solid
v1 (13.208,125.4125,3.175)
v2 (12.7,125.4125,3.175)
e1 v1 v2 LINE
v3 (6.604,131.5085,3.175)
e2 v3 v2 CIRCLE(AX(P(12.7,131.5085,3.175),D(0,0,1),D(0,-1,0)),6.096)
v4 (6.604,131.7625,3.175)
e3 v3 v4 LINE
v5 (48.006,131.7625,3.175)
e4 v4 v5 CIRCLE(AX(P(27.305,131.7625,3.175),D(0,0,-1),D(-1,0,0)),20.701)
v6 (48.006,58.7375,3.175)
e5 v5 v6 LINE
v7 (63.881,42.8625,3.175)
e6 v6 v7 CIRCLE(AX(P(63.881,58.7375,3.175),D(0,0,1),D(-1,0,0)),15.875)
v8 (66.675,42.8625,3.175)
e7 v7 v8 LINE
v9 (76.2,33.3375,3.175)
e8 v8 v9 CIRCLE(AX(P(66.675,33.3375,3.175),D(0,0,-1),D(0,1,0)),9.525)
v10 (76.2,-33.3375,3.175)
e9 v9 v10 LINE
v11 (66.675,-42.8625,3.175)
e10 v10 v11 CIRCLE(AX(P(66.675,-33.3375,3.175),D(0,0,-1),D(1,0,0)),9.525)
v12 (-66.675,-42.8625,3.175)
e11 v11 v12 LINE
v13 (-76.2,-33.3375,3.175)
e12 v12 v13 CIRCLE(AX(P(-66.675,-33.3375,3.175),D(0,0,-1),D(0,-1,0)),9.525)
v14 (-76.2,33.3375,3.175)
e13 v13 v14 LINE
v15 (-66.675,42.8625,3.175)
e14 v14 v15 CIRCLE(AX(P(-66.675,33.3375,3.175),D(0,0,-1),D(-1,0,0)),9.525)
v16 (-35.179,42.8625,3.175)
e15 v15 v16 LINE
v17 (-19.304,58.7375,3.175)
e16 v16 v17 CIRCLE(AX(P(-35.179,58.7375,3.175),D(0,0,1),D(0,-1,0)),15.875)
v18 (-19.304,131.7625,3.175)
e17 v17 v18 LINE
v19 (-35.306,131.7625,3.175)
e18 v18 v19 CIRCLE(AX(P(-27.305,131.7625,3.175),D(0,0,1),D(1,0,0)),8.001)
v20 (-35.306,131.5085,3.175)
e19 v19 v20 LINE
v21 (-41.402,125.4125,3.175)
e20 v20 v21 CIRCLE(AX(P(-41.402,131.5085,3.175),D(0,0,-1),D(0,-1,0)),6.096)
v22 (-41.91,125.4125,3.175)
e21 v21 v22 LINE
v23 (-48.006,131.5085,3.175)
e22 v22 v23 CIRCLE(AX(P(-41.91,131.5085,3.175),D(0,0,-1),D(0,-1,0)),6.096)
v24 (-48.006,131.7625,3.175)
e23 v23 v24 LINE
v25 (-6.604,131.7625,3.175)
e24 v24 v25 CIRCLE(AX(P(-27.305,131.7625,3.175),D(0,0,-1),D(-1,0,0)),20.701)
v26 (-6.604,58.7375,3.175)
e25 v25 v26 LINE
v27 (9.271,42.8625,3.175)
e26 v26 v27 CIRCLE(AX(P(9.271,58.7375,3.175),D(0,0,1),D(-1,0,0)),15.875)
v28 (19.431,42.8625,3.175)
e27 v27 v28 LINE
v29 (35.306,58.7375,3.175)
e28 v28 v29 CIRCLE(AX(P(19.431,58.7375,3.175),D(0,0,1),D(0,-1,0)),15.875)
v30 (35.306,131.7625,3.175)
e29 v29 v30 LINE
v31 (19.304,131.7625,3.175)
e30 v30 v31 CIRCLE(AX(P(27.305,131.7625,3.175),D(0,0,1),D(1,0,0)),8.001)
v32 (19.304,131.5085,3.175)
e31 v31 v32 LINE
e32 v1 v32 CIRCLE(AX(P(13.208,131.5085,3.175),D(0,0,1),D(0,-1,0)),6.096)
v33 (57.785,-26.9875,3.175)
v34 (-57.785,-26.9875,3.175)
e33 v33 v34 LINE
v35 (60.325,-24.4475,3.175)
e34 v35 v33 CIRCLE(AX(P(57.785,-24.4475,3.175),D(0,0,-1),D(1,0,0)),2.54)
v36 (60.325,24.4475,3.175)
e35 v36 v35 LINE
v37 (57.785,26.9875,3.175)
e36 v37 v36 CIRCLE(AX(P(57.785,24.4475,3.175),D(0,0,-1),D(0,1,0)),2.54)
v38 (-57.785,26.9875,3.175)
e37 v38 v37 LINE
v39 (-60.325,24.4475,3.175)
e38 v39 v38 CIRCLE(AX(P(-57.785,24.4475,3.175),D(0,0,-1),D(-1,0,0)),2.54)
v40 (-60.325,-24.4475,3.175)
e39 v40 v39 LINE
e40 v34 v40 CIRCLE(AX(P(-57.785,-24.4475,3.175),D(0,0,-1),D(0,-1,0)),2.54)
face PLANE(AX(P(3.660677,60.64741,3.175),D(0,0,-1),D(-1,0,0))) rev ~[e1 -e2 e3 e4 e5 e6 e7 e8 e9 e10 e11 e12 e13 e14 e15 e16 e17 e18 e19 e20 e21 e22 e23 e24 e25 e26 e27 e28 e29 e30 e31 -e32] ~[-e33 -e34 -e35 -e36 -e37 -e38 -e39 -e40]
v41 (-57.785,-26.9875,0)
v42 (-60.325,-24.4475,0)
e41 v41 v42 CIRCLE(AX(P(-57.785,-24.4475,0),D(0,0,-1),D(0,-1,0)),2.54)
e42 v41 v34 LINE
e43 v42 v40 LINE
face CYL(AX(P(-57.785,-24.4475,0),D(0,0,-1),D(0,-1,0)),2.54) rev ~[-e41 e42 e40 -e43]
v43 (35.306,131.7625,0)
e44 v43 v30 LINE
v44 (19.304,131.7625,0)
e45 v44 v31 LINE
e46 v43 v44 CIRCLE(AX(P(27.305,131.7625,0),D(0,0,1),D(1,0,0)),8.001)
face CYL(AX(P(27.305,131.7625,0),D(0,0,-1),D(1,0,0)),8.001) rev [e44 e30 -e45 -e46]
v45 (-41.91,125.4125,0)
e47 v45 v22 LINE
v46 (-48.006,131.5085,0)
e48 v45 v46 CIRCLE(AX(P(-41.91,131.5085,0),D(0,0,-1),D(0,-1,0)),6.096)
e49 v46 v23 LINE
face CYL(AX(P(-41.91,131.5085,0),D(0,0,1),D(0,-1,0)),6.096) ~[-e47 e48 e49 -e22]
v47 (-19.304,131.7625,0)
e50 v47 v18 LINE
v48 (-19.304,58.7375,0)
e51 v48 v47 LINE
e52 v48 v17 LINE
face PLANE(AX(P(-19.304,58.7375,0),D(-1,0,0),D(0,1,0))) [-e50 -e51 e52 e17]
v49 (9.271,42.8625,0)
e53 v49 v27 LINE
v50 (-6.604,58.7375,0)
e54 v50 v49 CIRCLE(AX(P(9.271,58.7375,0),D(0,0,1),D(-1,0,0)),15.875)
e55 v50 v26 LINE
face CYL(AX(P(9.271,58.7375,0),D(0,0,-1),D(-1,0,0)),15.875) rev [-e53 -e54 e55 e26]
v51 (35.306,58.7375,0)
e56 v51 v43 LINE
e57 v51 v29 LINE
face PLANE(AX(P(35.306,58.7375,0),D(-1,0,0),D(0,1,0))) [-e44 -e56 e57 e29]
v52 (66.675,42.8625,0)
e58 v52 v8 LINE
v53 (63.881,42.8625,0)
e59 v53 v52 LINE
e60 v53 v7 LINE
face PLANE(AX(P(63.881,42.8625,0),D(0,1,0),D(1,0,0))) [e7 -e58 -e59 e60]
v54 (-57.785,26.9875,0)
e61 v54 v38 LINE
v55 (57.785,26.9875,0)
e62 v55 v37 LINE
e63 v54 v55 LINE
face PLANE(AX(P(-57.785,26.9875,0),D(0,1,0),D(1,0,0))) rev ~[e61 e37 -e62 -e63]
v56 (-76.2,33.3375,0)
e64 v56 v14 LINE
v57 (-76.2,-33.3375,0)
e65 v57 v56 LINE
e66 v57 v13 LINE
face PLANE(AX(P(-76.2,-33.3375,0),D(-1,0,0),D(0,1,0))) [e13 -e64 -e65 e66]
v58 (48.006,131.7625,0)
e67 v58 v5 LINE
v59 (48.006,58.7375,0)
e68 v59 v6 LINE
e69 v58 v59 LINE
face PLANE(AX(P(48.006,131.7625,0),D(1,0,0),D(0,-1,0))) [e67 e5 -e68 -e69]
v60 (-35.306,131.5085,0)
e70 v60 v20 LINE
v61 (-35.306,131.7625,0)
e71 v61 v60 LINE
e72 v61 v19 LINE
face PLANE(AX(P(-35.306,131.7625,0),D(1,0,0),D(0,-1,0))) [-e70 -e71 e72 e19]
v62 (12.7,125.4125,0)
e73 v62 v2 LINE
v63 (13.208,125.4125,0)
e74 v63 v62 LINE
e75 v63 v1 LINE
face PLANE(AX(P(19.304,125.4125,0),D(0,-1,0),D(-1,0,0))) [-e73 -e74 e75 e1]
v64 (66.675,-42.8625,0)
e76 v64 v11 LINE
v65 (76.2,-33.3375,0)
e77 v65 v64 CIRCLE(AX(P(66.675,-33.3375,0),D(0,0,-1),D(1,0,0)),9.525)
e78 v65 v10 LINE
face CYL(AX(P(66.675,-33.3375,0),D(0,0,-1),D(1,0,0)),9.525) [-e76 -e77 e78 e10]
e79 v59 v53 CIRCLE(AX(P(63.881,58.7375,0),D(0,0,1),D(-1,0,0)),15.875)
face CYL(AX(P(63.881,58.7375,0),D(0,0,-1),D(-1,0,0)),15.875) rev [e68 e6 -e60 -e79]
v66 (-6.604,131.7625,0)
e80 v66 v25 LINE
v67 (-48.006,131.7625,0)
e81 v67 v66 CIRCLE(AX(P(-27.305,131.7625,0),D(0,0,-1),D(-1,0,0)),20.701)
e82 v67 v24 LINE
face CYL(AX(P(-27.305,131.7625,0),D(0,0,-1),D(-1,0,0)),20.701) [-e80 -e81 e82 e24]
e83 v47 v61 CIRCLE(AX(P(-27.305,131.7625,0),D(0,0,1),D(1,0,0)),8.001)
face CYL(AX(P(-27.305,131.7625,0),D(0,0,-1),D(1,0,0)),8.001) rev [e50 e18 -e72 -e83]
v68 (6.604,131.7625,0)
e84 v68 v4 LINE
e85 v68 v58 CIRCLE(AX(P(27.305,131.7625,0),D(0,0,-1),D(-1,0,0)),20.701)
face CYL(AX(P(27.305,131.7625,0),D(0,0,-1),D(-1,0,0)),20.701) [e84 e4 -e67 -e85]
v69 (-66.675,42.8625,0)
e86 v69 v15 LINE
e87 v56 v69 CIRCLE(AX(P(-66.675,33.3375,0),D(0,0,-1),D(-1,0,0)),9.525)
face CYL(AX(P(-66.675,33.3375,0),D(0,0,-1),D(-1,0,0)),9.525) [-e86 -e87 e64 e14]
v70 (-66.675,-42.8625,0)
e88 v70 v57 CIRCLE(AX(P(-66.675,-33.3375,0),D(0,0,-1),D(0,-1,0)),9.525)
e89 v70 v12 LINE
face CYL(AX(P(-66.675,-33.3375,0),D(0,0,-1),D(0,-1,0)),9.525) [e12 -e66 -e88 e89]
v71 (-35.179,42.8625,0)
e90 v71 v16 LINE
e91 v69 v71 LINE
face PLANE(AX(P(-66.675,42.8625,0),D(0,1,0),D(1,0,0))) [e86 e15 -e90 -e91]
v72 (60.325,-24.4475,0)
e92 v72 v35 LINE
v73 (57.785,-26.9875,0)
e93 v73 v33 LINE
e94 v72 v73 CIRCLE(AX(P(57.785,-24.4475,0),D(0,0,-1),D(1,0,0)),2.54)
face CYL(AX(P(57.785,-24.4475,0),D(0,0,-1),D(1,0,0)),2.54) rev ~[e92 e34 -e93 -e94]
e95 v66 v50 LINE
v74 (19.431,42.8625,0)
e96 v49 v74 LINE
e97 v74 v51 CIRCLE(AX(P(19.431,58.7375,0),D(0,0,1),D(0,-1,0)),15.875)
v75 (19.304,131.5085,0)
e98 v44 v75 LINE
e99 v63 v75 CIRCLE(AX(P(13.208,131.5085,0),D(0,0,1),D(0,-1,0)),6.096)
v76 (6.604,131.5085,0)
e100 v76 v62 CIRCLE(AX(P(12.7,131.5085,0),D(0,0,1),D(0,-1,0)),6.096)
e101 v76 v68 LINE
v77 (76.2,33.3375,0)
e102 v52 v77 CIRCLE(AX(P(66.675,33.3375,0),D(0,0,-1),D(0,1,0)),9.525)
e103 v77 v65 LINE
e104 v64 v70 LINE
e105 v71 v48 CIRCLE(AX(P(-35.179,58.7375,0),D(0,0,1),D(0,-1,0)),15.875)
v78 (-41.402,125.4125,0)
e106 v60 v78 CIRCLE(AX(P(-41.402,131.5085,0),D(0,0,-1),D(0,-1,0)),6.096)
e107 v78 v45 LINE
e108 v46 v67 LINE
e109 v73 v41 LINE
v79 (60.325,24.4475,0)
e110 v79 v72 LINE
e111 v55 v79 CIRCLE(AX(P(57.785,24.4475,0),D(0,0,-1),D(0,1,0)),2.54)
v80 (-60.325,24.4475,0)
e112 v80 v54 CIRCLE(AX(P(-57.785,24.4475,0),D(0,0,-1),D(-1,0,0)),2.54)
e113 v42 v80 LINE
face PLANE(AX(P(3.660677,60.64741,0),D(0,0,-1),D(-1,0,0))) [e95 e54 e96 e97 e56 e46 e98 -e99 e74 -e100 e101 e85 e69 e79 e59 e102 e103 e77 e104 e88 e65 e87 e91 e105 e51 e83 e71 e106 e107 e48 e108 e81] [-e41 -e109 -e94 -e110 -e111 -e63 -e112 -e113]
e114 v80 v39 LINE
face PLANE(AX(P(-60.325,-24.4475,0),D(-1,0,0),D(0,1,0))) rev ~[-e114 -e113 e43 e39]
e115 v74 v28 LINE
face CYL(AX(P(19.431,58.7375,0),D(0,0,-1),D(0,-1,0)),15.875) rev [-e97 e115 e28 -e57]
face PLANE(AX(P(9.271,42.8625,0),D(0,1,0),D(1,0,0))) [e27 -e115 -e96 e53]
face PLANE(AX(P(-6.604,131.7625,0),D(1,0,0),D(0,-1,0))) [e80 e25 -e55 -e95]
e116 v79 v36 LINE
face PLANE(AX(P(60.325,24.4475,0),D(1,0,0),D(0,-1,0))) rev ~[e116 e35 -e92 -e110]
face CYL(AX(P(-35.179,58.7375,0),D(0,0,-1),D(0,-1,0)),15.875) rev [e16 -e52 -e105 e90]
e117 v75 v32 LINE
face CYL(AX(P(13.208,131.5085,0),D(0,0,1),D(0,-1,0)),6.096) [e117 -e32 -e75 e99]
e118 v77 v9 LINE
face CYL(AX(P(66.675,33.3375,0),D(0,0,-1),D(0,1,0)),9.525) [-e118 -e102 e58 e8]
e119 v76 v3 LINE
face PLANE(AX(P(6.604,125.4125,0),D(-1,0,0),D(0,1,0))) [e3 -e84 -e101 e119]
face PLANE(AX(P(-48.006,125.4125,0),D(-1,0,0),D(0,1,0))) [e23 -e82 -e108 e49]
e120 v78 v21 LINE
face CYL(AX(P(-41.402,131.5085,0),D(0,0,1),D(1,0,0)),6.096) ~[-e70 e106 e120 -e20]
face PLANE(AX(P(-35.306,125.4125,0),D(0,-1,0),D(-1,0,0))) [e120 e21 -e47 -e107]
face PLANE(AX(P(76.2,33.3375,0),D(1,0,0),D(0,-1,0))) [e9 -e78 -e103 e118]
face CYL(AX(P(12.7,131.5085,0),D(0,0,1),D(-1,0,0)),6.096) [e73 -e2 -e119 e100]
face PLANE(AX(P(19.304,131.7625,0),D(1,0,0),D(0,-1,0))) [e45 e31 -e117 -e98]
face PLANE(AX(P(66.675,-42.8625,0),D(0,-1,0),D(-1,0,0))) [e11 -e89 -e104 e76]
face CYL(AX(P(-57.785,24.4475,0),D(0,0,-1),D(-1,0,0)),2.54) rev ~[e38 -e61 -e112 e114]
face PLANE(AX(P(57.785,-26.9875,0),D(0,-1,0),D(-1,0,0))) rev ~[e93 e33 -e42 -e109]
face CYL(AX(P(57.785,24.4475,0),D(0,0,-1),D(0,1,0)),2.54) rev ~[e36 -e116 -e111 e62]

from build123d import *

# Parameters (mm, degrees)
BOSS_EXTRUDE1_DEPTH = 3.175
FILLET1_R           = 6.096


with BuildPart() as part:
    # Sketch1 → Boss-Extrude1 (new body)
    with BuildSketch(Plane.XY):
        with BuildLine():
            Line((-66.675, 42.8625), (-35.179, 42.8625))
            ThreePointArc((-35.179, 42.8625), (-23.953679849, 47.512179849), (-19.304, 58.7375))
            Line((-19.304, 58.7375), (-19.304, 131.7625))
            ThreePointArc((-19.304, 131.7625), (-27.305, 139.7635), (-35.306, 131.7625))
            Line((-35.306, 131.7625), (-35.306, 125.4125))
            Line((-35.306, 125.4125), (-48.006, 125.4125))
            Line((-48.006, 125.4125), (-48.006, 131.7625))
            ThreePointArc((-48.006, 131.7625), (-27.305, 152.4635), (-6.604, 131.7625))
            Line((-6.604, 131.7625), (-6.604, 58.7375))
            ThreePointArc((-6.604, 58.7375), (-1.954320151, 47.512179849), (9.271, 42.8625))
            Line((9.271, 42.8625), (19.431, 42.8625))
            ThreePointArc((19.431, 42.8625), (30.656320151, 47.512179849), (35.306, 58.7375))
            Line((35.306, 58.7375), (35.306, 131.7625))
            ThreePointArc((35.306, 131.7625), (27.305, 139.7635), (19.304, 131.7625))
            Line((19.304, 131.7625), (19.304, 125.4125))
            Line((19.304, 125.4125), (6.604, 125.4125))
            Line((6.604, 125.4125), (6.604, 131.7625))
            ThreePointArc((6.604, 131.7625), (27.305, 152.4635), (48.006, 131.7625))
            Line((48.006, 131.7625), (48.006, 58.7375))
            ThreePointArc((48.006, 58.7375), (52.655679849, 47.512179849), (63.881, 42.8625))
            Line((63.881, 42.8625), (66.675, 42.8625))
            ThreePointArc((66.675, 42.8625), (73.410192091, 40.072692091), (76.2, 33.3375))
            Line((76.2, 33.3375), (76.2, -33.3375))
            ThreePointArc((76.2, -33.3375), (73.410192091, -40.072692091), (66.675, -42.8625))
            Line((66.675, -42.8625), (-66.675, -42.8625))
            ThreePointArc((-66.675, -42.8625), (-73.410192091, -40.072692091), (-76.2, -33.3375))
            Line((-76.2, -33.3375), (-76.2, 33.3375))
            ThreePointArc((-76.2, 33.3375), (-73.410192091, 40.072692091), (-66.675, 42.8625))
        make_face()
        with BuildLine():
            Line((-57.785, 26.9875), (57.785, 26.9875))
            ThreePointArc((57.785, 26.9875), (59.581051224, 26.243551224), (60.325, 24.4475))
            Line((60.325, 24.4475), (60.325, -24.4475))
            ThreePointArc((60.325, -24.4475), (59.581051224, -26.243551224), (57.785, -26.9875))
            Line((57.785, -26.9875), (-57.785, -26.9875))
            ThreePointArc((-57.785, -26.9875), (-59.581051224, -26.243551224), (-60.325, -24.4475))
            Line((-60.325, -24.4475), (-60.325, 24.4475))
            ThreePointArc((-60.325, 24.4475), (-59.581051224, 26.243551224), (-57.785, 26.9875))
        make_face(mode=Mode.SUBTRACT)
    extrude(amount=BOSS_EXTRUDE1_DEPTH)

    # Fillet1
    fillet1_edges = [part.edges().sort_by_distance(p)[0] for p in [
        (-35.306, 125.4125, 1.5875),
        (-48.006, 125.4125, 1.5875),
        (19.304, 125.4125, 1.5875),
        (6.604, 125.4125, 1.5875),
    ]]
    fillet(fillet1_edges, radius=FILLET1_R)


solid = part.part
